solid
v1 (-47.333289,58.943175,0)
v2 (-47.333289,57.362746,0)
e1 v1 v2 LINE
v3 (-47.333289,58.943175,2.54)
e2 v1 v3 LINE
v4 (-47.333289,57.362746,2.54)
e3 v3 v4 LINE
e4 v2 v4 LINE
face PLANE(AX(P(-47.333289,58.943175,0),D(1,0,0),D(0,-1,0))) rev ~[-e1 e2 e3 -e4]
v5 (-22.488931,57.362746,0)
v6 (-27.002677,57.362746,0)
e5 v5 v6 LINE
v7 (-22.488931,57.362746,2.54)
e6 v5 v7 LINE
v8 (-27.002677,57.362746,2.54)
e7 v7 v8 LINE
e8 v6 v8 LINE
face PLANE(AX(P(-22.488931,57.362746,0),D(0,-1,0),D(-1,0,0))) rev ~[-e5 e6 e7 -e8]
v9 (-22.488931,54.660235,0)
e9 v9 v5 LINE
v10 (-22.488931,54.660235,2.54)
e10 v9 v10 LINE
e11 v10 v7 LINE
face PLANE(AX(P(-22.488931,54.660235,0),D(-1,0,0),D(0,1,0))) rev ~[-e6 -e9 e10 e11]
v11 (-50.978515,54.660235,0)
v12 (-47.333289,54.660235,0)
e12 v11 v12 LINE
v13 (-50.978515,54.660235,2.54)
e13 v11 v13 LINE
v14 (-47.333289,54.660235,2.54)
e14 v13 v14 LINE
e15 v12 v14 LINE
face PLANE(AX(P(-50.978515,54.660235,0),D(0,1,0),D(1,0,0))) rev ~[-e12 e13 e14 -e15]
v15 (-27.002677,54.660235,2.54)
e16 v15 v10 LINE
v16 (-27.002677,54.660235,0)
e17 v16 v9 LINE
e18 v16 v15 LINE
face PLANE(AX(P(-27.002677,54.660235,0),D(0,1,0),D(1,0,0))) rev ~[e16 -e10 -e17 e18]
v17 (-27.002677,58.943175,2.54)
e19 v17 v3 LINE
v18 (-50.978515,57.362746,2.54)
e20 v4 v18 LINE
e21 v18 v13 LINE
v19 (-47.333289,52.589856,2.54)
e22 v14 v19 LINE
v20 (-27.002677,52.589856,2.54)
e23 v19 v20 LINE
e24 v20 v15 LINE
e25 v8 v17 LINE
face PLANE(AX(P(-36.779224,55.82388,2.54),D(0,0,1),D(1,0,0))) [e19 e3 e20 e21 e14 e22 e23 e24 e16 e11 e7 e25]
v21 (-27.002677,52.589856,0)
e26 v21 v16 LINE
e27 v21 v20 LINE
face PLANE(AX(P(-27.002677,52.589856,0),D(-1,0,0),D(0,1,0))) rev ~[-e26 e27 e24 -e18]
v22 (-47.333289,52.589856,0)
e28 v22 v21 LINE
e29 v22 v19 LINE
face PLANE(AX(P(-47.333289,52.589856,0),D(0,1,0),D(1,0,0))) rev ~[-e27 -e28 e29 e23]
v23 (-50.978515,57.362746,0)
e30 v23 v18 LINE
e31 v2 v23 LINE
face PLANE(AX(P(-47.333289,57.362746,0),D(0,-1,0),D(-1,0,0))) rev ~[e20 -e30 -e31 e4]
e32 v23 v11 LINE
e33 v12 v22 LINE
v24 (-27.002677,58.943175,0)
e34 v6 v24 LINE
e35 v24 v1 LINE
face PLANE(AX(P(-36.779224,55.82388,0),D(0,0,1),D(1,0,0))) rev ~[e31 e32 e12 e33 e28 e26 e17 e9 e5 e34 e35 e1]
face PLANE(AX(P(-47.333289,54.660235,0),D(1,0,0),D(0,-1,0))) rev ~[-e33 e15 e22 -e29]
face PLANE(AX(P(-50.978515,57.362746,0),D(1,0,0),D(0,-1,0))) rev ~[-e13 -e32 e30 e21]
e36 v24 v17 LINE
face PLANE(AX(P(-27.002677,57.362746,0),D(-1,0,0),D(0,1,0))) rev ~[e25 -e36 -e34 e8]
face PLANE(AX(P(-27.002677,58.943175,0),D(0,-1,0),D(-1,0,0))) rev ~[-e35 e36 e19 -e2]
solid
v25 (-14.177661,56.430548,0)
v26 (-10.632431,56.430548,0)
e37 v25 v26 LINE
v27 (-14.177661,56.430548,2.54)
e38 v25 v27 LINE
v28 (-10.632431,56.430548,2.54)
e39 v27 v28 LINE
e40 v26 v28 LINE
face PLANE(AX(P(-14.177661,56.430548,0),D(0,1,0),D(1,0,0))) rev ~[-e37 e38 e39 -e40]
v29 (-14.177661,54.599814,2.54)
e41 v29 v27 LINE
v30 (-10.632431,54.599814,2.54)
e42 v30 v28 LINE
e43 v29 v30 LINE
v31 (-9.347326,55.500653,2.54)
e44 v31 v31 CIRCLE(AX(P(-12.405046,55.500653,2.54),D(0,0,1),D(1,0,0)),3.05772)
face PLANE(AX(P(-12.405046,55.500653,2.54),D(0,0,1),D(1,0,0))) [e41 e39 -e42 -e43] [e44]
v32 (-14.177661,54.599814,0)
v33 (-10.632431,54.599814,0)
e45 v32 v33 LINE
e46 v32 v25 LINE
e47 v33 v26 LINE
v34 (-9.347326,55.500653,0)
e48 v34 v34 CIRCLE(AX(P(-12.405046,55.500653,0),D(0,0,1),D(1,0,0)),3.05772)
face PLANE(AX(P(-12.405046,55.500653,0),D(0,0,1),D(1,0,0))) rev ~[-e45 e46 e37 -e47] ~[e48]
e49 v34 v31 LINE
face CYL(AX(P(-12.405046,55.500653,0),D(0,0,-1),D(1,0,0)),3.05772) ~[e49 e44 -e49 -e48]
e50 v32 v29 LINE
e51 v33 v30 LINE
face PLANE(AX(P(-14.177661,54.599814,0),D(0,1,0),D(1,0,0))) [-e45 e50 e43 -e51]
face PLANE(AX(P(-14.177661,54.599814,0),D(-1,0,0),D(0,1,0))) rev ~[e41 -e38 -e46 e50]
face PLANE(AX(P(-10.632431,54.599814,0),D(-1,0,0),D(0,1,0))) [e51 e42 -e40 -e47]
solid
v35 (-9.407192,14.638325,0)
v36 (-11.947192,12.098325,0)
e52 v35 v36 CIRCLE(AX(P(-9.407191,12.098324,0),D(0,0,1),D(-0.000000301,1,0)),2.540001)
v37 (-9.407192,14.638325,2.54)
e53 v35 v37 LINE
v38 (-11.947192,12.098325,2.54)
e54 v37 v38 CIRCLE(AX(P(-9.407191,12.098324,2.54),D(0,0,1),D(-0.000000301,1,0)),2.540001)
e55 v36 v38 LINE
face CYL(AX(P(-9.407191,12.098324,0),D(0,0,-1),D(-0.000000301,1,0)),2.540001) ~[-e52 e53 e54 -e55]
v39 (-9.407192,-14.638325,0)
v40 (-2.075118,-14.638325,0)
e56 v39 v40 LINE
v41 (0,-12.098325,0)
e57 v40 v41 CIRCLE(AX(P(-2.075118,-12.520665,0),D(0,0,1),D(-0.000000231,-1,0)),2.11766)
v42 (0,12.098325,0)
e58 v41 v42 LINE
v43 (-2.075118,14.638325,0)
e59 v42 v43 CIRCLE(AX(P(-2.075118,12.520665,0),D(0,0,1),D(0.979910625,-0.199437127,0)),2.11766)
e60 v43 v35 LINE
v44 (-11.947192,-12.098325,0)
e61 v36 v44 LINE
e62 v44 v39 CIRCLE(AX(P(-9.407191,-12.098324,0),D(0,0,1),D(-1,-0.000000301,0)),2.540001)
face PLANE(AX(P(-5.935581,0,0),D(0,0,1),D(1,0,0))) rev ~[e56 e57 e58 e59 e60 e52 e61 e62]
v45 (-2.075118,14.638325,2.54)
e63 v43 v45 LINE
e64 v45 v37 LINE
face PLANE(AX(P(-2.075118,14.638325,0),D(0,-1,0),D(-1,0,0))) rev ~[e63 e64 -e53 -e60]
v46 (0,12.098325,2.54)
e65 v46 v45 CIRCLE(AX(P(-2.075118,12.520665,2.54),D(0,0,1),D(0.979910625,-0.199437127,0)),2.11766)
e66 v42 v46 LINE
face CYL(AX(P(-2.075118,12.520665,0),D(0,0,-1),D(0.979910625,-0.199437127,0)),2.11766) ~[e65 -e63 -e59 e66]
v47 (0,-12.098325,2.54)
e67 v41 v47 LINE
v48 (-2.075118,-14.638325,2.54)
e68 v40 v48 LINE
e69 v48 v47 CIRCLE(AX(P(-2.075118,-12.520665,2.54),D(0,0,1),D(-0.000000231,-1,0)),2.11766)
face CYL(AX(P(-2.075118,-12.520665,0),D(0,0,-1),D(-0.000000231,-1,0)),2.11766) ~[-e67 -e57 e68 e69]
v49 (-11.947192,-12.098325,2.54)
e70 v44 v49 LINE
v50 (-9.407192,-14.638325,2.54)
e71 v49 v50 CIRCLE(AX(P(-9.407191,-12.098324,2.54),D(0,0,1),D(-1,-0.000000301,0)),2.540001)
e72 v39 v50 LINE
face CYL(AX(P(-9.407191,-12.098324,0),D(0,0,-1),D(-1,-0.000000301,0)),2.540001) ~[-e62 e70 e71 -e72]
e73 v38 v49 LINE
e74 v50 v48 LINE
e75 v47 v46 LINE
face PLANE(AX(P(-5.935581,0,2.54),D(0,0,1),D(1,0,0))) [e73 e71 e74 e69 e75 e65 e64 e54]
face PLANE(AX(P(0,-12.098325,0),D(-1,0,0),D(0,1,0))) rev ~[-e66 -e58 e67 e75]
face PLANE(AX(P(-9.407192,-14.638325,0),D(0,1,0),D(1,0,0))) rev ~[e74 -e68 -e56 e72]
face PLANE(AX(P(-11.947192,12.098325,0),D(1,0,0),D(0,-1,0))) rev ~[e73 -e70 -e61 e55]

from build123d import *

# Parameters (mm, degrees)
F0_R     = 3.05772
F0_W     = 3.54523
F0_H     = 1.830734
F1_DEPTH = 2.54


with BuildPart() as f1:
    # F0 (on Top) → F1 (new body)
    with BuildSketch(Plane.XY):
        with BuildLine():
            ThreePointArc((0, 12.098325), (-0.43517, 13.860462), (-2.075118, 14.638325))
            Line((-2.075118, 14.638325), (-9.407192, 14.638325))
            ThreePointArc((-9.407192, 14.638325), (-11.203243, 13.894376), (-11.947192, 12.098325))
            Line((-11.947192, 12.098325), (-11.947192, -12.098325))
            ThreePointArc((-11.947192, -12.098325), (-11.203243, -13.894376), (-9.407192, -14.638325))
            Line((-9.407192, -14.638325), (-2.075118, -14.638325))
            ThreePointArc((-2.075118, -14.638325), (-0.43517, -13.860462), (0, -12.098325))
            Line((0, -12.098325), (0, 12.098325))
        make_face()
        Polygon((-27.002677, 58.943175), (-47.333289, 58.943175), (-47.333289, 57.362746), (-50.978515, 57.362746), (-50.978515, 54.660235), (-47.333289, 54.660235), (-47.333289, 52.589856), (-27.002677, 52.589856), (-27.002677, 54.660235), (-22.488931, 54.660235), (-22.488931, 57.362746), (-27.002677, 57.362746), align=None)
        with Locations((-12.405046, 55.500653)):
            Circle(F0_R)
        with Locations((-12.405046, 55.515181)):
            Rectangle(F0_W, F0_H, mode=Mode.SUBTRACT)
    extrude(amount=F1_DEPTH)


solid = f1.part
